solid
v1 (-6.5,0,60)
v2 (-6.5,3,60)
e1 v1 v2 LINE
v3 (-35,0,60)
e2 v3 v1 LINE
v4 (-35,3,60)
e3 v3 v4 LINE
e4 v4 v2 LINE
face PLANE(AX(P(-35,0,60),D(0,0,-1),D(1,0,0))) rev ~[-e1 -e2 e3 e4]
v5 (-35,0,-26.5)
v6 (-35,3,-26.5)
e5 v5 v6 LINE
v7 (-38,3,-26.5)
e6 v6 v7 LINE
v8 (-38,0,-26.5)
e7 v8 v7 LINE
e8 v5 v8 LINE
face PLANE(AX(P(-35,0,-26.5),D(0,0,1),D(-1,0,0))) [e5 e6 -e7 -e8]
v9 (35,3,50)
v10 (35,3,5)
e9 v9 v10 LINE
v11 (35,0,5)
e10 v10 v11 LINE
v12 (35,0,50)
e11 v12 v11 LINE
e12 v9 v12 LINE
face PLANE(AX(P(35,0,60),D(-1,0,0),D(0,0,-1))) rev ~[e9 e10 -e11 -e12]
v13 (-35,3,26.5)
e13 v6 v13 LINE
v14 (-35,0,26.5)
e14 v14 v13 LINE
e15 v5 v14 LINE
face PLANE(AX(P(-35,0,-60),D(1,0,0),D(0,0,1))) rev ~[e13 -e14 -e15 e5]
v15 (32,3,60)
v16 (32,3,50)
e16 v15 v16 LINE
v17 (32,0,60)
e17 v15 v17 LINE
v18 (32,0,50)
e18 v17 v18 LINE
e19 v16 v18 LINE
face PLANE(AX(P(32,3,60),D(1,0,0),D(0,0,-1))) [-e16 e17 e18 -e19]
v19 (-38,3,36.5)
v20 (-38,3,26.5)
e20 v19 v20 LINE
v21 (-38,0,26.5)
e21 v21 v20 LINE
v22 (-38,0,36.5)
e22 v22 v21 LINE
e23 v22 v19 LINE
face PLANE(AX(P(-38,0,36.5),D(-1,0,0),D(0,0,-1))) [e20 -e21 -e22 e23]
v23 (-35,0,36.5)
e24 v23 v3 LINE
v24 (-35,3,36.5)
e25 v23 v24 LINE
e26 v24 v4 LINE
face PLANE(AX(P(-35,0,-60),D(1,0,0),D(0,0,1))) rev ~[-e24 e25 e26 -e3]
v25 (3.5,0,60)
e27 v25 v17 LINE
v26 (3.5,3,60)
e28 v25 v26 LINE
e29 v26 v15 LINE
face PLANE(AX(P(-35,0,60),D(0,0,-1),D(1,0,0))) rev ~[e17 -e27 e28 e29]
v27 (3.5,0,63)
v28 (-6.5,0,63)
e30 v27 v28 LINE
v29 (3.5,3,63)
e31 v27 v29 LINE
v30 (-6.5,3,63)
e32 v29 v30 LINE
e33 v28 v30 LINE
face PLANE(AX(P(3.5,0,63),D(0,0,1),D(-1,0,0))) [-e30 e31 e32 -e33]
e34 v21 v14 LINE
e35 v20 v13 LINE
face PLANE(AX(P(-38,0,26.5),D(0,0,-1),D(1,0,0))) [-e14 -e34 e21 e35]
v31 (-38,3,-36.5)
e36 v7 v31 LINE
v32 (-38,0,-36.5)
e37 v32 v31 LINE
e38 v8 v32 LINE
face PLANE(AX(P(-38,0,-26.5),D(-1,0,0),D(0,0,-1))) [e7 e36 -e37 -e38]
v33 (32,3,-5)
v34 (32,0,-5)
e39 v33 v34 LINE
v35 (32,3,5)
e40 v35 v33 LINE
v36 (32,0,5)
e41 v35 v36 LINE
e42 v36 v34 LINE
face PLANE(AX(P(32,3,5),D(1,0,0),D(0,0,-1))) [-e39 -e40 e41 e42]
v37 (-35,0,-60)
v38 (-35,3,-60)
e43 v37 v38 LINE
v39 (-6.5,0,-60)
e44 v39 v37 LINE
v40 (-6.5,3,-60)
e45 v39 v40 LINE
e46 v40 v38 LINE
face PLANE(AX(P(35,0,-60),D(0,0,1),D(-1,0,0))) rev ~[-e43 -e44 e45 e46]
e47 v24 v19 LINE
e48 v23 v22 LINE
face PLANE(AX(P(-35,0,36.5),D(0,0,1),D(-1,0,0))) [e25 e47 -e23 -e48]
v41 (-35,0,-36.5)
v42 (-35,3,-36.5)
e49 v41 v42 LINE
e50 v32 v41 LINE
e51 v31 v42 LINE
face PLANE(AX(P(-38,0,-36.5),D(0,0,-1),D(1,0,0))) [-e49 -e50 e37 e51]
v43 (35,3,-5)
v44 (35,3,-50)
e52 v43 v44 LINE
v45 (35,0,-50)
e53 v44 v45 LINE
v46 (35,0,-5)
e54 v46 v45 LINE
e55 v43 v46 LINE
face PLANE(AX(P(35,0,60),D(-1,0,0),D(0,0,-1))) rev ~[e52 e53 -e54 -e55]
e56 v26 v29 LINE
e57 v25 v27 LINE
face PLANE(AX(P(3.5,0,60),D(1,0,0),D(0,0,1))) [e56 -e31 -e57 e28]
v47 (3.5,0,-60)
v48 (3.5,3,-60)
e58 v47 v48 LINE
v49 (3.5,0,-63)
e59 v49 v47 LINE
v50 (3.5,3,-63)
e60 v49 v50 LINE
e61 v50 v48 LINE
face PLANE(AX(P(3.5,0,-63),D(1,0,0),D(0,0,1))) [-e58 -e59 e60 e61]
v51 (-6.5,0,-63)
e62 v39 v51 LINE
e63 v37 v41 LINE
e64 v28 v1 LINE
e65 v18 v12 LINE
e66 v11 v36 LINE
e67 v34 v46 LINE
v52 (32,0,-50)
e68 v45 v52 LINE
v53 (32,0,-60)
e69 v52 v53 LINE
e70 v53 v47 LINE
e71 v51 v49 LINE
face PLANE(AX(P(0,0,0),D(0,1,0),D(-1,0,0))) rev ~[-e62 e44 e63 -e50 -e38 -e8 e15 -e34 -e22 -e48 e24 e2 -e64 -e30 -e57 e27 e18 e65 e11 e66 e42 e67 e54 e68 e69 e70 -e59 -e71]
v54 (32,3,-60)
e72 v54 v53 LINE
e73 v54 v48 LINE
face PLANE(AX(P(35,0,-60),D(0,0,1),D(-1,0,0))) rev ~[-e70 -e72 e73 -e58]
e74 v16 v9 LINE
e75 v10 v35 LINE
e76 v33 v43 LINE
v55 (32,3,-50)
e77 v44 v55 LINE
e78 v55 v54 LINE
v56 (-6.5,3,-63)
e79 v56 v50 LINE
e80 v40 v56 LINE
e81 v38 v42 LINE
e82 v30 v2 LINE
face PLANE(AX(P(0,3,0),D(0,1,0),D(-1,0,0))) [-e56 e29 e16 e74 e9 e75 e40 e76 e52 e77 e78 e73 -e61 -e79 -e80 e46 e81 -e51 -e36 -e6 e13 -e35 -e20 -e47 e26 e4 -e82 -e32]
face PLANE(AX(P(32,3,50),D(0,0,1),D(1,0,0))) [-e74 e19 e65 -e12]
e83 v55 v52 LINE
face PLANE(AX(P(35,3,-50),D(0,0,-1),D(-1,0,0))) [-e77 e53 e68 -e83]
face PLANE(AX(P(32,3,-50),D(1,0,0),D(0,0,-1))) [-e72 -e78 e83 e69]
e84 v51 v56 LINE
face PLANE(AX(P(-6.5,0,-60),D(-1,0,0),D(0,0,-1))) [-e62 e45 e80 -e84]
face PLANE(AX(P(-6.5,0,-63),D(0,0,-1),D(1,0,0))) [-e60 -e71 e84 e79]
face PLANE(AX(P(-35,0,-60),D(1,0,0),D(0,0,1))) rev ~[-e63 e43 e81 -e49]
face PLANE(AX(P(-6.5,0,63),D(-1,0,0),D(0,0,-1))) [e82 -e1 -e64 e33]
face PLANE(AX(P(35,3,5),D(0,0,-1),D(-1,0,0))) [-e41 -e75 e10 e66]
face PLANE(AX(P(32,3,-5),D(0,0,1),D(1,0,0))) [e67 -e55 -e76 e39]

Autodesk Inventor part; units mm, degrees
ref_plane "YZ Plane" through (0, 0, 0) normal (1, 0, 0) x (0, 1, 0)
ref_plane "XZ Plane" through (0, 0, 0) normal (0, 1, 0) x (-1, 0, 0)
ref_plane "XY Plane" through (0, 0, 0) normal (0, 0, 1) x (1, 0, 0)
sketch "Sketch1" plane through (0, 0, 0) normal (0, 1, 0) x (-1, 0, 0)
  line L0 (-35, -60) -> (35, -60)
  line L1 (35, -60) -> (35, 60)
  line L2 (35, 60) -> (-35, 60)
  line L3 (-35, 60) -> (-35, -60)
  line L4 (-35, -60) -> (35, 60) construction
  line L5 (35, -60) -> (-35, 60) construction
  point P0 (0, 0)
  dimension "d0" = 70
  dimension "d1" = 120
extrude "Extrusion1" add sketch "Sketch1" along normal blind 3
sketch "Sketch2" plane through (0, 3, 0) normal (0, 1, 0) x (1, 0, 0)
  line L0 (35, -60) -> (32, -60)
  line L1 (32, -60) -> (32, -50)
  line L2 (32, -50) -> (35, -50)
  line L3 (35, -50) -> (35, -60)
  line L4 (35, -5) -> (32, -5)
  line L5 (32, -5) -> (32, 5)
  line L6 (32, 5) -> (35, 5)
  line L7 (35, 5) -> (35, -5)
  line L8 (35, 50) -> (32, 50)
  line L9 (32, 50) -> (32, 60)
  line L10 (32, 60) -> (35, 60)
  line L11 (35, 60) -> (35, 50)
  line L12 (35, -60) -> (35, 60) projected
  point P0 (0, 0)
  point P1 (35, 0)
  dimension "d4" = 3
  dimension "d5" = 10
  dimension "d6" = 3
  dimension "d7" = 10
  dimension "d8" = 10
extrude "Extrusion2" cut sketch "Sketch2" against normal through all
sketch "Sketch3" plane through (0, 0, 0) normal (0, -1, 0) x (1, 0, 0)
  line L0 (32, -60) -> (-35, -60) projected
  line L1 (3.5, 63) -> (-6.5, 63)
  line L2 (-6.5, 63) -> (-6.5, 60)
  line L3 (-6.5, 60) -> (3.5, 60)
  line L4 (3.5, 60) -> (3.5, 63)
  line L5 (3.5, -60) -> (-6.5, -60)
  line L6 (-6.5, -60) -> (-6.5, -63)
  line L7 (-6.5, -63) -> (3.5, -63)
  line L8 (3.5, -63) -> (3.5, -60)
  line L9 (-35, -60) -> (-35, 60) projected
  line L10 (-35, 60) -> (-25, 60)
  line L11 (-25, 60) -> (-25, 63)
  line L12 (-25, 63) -> (-35, 63)
  line L13 (-35, 63) -> (-35, 60)
  line L14 (-35, -60) -> (-25, -60)
  line L15 (-25, -60) -> (-25, -63)
  line L16 (-25, -63) -> (-35, -63)
  line L17 (-35, -63) -> (-35, -60)
  point P0 (0, 0)
  point P1 (32, 60)
  point P2 (-1.5, 60)
  point P3 (-1.5, -60)
  dimension "d15" = 10
  dimension "d16" = 3
  dimension "d17" = 10
  dimension "d18" = 3
  dimension "d21" = 10
  dimension "d22" = 10
extrude "Extrusion3" add sketch "Sketch3" against normal blind 3 contours L8 L7 L6 L0 | L4 L3 L2 L1
sketch "Sketch4" plane through (0, 0, 0) normal (0, -1, 0) x (1, 0, 0)
  line L0 (-38, -36.5) -> (-35, -36.5)
  line L1 (-35, -36.5) -> (-35, -26.5)
  line L2 (-35, -26.5) -> (-38, -26.5)
  line L3 (-38, -26.5) -> (-38, -36.5)
  line L4 (-38, 26.5) -> (-35, 26.5)
  line L5 (-35, 26.5) -> (-35, 36.5)
  line L6 (-35, 36.5) -> (-38, 36.5)
  line L7 (-38, 36.5) -> (-38, 26.5)
  line L8 (-35, -60) -> (-35, 60) projected
  point P0 (0, 0)
  point P1 (-35, -31.5)
  point P2 (-35, -63)
  point P3 (-35, 63)
  point P4 (-35, 31.5)
  point P5 (-35, 0)
  point P6 (-35, 0)
  dimension "d23" = 3
  dimension "d24" = 10
  dimension "d25" = 3
  dimension "d26" = 10
  dimension "d27" = 126
  dimension "d28" = 31.5
  dimension "d29" = 31.5
extrude "Extrusion4" add sketch "Sketch4" against normal blind 3
sketch "Sketch5" plane through (0, 3, 0) normal (0, 1, 0) x (1, 0, 0)
  line L0 (35, -50) -> (32, -50) projected
  line L1 (32, -50) -> (32, -60) projected
  line L2 (32, -60) -> (3.5, -60) projected
  line L3 (3.5, -60) -> (3.5, -63) projected
  line L4 (3.5, -63) -> (-6.5, -63) projected
  line L5 (-6.5, -63) -> (-6.5, -60) projected
  line L6 (-6.5, -60) -> (-35, -60) projected
  line L7 (-35, -60) -> (-35, -36.5) projected
  line L8 (-35, -36.5) -> (-38, -36.5) projected
  line L9 (-38, -36.5) -> (-38, -26.5) projected
  line L10 (-38, -26.5) -> (-35, -26.5) projected
  line L11 (-35, -26.5) -> (-35, 26.5) projected
  line L12 (-35, 26.5) -> (-38, 26.5) projected
  line L13 (-38, 26.5) -> (-38, 36.5) projected
  line L14 (-38, 36.5) -> (-35, 36.5) projected
  line L15 (-35, 36.5) -> (-35, 60) projected
  line L16 (-35, 60) -> (-6.5, 60) projected
  line L17 (-6.5, 60) -> (-6.5, 63) projected
  line L18 (-6.5, 63) -> (3.5, 63) projected
  line L19 (3.5, 63) -> (3.5, 60) projected
  line L20 (3.5, 60) -> (32, 60) projected
  line L21 (32, 60) -> (32, 50) projected
  line L22 (32, 50) -> (35, 50) projected
  line L23 (35, 50) -> (35, 5) projected
  line L24 (35, 5) -> (32, 5) projected
  line L25 (32, 5) -> (32, -5) projected
  line L26 (32, -5) -> (35, -5) projected
  line L27 (35, -5) -> (35, -50) projected
  point P0 (0, 0)
equation "\"d28\" = 0.25 * d27"
equation "\"d29\" = d28"
properties part number "Bottom"
